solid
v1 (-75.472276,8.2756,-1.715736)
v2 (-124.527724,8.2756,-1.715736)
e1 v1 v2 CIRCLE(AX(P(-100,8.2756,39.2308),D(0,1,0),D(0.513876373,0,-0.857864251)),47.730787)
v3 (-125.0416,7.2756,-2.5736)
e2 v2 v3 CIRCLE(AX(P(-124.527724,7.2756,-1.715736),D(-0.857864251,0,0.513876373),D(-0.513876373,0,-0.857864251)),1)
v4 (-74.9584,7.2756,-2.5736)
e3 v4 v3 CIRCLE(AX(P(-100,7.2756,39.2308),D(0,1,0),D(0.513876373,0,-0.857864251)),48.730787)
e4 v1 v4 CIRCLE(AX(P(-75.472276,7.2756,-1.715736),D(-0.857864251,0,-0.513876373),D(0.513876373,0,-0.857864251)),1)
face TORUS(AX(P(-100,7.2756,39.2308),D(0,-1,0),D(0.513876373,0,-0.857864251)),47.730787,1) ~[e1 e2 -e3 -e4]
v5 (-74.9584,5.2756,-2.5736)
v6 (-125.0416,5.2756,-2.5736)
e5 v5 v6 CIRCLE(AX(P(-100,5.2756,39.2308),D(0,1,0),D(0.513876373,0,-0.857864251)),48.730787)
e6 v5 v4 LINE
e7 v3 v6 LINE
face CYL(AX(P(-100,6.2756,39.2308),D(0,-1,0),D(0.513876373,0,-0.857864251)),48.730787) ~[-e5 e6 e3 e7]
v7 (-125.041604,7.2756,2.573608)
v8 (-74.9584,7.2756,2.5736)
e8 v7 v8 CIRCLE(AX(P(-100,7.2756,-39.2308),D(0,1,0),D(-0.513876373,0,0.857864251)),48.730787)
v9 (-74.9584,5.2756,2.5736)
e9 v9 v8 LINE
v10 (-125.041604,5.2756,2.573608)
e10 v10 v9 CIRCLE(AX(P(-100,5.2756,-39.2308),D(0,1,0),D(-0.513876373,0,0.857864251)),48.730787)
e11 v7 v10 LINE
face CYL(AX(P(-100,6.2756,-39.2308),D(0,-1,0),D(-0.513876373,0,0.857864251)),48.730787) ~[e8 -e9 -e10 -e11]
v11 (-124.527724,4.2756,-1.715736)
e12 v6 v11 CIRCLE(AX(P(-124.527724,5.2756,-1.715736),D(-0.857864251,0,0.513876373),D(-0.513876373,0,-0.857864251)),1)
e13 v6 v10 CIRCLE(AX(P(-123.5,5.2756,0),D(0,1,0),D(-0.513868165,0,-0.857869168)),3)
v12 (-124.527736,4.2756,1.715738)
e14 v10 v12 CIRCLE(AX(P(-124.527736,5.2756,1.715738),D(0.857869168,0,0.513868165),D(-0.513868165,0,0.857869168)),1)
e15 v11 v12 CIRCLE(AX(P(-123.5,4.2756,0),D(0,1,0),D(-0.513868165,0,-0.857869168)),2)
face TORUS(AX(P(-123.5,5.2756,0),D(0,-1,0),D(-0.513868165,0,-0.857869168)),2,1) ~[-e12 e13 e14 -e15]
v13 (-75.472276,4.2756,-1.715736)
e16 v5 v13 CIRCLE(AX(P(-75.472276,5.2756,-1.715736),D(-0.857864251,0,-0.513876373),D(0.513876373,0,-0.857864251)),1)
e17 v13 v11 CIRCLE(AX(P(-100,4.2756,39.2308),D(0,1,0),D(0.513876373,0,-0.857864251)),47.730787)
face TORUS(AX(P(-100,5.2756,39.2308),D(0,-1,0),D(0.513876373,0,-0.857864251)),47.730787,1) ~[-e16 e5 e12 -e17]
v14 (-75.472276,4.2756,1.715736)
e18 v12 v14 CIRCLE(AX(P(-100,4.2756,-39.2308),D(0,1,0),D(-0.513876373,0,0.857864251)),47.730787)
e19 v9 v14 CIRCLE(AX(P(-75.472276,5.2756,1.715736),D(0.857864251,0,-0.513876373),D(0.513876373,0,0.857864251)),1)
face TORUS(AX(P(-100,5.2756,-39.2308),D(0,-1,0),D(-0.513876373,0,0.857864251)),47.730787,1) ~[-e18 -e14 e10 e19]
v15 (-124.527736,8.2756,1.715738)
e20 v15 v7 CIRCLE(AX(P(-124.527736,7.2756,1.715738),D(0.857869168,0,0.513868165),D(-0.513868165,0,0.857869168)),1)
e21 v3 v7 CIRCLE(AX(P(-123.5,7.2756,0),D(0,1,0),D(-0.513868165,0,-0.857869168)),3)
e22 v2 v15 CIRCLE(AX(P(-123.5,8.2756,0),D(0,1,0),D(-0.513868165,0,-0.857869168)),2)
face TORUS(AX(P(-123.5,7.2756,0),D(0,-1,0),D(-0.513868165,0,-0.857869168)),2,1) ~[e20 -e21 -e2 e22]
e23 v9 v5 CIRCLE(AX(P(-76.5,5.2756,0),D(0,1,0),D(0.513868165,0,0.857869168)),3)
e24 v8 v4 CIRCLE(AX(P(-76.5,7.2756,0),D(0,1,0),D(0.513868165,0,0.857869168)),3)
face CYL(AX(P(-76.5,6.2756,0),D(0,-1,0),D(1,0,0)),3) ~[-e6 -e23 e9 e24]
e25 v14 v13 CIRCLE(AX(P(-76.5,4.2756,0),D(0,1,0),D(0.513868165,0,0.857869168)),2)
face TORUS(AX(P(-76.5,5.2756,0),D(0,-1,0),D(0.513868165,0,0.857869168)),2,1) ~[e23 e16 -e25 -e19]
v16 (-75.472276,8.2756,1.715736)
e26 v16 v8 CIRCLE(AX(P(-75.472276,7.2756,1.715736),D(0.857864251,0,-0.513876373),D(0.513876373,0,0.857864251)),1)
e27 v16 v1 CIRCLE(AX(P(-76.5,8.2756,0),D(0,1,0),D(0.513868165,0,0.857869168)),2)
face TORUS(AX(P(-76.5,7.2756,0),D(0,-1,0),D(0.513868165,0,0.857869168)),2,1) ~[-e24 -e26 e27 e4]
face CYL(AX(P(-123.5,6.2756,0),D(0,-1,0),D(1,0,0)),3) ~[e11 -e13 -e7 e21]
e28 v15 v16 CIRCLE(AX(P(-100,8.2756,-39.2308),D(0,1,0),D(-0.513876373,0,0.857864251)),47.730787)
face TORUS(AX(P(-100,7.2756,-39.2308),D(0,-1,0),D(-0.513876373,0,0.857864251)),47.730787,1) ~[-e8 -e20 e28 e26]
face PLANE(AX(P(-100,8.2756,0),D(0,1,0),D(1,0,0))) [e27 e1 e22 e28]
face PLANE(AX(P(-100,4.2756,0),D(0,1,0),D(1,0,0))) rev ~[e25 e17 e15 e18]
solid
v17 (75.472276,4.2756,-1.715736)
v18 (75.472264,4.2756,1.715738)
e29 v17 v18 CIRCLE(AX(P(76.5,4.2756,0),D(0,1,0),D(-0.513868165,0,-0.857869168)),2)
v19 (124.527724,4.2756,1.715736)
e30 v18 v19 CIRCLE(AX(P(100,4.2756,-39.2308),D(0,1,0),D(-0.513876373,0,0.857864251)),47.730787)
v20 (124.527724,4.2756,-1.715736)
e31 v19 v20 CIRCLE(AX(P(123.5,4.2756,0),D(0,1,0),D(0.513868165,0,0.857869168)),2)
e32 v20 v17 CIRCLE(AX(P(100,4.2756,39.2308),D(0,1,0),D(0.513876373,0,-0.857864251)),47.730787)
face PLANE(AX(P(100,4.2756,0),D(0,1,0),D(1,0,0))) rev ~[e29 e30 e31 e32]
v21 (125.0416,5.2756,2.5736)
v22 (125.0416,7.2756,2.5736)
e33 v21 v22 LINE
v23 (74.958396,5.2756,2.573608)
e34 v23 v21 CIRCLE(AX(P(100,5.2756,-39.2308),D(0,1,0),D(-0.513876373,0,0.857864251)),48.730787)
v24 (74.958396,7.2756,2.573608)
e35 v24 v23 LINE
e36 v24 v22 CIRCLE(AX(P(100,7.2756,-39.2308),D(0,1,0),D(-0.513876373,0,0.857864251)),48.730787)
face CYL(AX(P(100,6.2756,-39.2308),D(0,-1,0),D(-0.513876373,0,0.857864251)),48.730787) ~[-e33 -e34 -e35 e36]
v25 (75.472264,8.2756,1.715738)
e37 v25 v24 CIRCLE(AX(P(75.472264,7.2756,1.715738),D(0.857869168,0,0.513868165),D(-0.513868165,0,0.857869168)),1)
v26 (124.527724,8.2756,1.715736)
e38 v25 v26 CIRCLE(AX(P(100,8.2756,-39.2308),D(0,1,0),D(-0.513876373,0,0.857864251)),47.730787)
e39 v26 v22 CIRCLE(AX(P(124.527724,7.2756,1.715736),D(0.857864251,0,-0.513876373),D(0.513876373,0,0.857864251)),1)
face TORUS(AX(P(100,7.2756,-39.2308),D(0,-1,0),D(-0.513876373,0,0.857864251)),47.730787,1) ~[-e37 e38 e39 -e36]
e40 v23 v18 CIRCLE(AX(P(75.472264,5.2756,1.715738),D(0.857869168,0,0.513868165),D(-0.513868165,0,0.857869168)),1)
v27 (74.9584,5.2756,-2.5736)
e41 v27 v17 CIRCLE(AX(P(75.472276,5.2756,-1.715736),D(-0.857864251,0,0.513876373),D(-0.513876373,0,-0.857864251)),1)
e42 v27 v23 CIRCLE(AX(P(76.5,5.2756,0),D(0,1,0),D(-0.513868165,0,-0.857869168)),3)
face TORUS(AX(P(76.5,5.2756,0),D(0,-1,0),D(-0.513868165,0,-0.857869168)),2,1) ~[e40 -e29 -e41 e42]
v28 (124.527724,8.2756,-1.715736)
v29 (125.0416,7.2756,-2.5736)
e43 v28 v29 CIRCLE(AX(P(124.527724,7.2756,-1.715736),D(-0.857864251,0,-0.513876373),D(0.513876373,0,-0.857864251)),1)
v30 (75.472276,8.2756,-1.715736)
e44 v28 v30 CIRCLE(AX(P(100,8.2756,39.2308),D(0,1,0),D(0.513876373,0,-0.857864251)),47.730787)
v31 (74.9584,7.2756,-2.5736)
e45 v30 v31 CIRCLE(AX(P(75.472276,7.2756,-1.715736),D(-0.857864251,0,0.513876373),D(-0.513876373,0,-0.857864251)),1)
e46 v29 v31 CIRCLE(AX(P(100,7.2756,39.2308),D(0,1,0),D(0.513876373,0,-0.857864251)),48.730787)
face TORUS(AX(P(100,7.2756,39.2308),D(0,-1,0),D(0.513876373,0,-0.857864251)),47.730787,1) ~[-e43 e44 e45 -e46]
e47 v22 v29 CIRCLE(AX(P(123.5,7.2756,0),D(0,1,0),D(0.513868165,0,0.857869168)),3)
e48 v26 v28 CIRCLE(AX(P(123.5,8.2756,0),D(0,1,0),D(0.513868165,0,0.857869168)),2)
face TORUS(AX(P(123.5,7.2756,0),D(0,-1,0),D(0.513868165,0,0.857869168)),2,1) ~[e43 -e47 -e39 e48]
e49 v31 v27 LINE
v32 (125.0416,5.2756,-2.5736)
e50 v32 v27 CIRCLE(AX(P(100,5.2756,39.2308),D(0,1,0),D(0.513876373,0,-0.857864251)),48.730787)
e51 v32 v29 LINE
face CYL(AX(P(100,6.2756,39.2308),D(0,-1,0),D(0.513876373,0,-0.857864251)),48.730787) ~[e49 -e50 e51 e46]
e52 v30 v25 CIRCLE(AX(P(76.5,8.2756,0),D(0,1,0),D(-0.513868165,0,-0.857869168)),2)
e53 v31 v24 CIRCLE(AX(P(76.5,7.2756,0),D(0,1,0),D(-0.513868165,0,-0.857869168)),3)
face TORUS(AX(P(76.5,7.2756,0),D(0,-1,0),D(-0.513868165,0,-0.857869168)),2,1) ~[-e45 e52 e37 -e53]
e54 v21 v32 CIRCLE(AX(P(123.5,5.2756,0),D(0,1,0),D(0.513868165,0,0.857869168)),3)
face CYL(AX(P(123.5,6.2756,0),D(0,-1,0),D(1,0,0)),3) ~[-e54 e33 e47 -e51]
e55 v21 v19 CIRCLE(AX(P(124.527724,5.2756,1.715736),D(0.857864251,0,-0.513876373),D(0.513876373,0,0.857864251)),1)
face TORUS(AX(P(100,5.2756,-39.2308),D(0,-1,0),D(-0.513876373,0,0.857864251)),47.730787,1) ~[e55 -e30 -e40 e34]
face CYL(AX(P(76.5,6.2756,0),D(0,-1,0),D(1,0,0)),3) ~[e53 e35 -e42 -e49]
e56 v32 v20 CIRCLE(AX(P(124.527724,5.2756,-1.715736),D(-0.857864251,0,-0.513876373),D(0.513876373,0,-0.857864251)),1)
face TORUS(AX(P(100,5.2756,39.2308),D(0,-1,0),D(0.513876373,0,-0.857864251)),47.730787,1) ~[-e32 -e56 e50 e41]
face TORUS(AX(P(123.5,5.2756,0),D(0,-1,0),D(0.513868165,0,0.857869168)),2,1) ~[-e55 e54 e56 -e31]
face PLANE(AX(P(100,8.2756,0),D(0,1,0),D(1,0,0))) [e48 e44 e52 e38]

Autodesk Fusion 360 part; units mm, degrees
sketch "ContactArea" plane through (0, 0, 0) normal (0, 0, 1) x (1, 0, 0)
  line L0 (-160, -12.5) -> (160, -12.5)
  line L1 (160, -12.5) -> (160, 12.5)
  line L2 (160, 12.5) -> (-160, 12.5)
  line L3 (-160, 12.5) -> (-160, -12.5)
  line L4 (-160, -12.5) -> (160, 12.5) construction
  line L5 (160, -12.5) -> (-160, 12.5) construction
  dimension "d4" = 25
  dimension "d5" = 320
sketch "BoardCalc" plane through (0, 0, 0) normal (1, 0, 0) x (0, 1, 0)
  line L0 (0, 0) -> (-102, 0)
  line L1 (-102, 0) -> (-102, 18)
  line L2 (-102, 18) -> (18, 18)
  line L3 (18, 18) -> (0, 0)
  line L4 (18, 18) -> (18, -102)
  line L5 (18, -102) -> (0, -102)
  line L6 (0, -102) -> (0, 0)
  line L7 (-7.4781, 12.3209) -> (-3.5183, 16.2807)
  line L8 (-0.902, 16.7756) -> (16.7756, -0.902)
  line L9 (16.2807, -3.5183) -> (12.3209, -7.4781)
  line L10 (9.7046, -7.9731) -> (-7.9731, 9.7046)
  line L11 (-5.4982, 14.3008) -> (14.3008, -5.4982) construction
  line L12 (-3.5183, 16.2807) -> (-0.902, 16.7756)
  line L13 (-7.4781, 12.3209) -> (-7.9731, 9.7046)
  line L14 (16.7756, -0.902) -> (16.2807, -3.5183)
  line L15 (12.3209, -7.4781) -> (9.7046, -7.9731)
  line L16 (7.9368, 7.9368) -> (0.8657, 0.8657) construction
  line L17 (0, 0) -> (0.8657, 0.8657) construction
  line L18 (-0.902, 16.7756) -> (-0.902, 18) construction
  line L19 (-260, 70) -> (-279.2315, 70) construction
  line L20 (-293.1122, 66.8878) -> (-286.8878, 66.8878) construction
  point P0 (-9.0337, 10.7652)
  point P1 (-1.9627, 17.8363)
  point P2 (17.8363, -1.9627)
  point P3 (10.7652, -9.0337)
  dimension "d7" = 18
  dimension "d8" = 120
  dimension "d9" = 90
  dimension "d10" = 120
  dimension "d12" = 18
  dimension "d13" = 10
  dimension "d14" = 28
  dimension "d15" = 2.2
  dimension "d16" = 1.5
  dimension "d17" = 2.2
  dimension "d18" = 1.5
  dimension "d19" = 1.5
  dimension "d20" = 2.2
  dimension "d21" = 2.2
  dimension "d22" = 1.5
  dimension "EdgeEdgeOtherSideRefYCoordinateDriven" = 19.2315
  dimension "EdgeEdgeReferenceCoordDriven" = 6.2244
  dimension "d30" = 19.2315
  dimension "d31" = 6.2244
sketch "Pin Postion" plane through (0, 0, 0) normal (0, 0, 1) x (1, 0, 0)
  circle A0 centre (100, 6.2756) radius 0.5
  line L0 (160, -12.5) -> (160, 12.5)
  line L1 (160, 12.5) -> (-160, 12.5)
  line L2 (0, -260) -> (0, -279.2315)
  line L3 (0, -293.1122) -> (0, -286.8878)
  point P0 (0, -260)
  point P1 (0, -279.2315)
  point P2 (0, -286.8878)
  point P3 (0, -293.1122)
  dimension "d32" = 1
  dimension "d36" = 60
  dimension "EdgeEdgeOtherSideRefYCoordinateDrivenProjected" = 19.2315
  dimension "EdgeEdgeRefCoordDrivenProjected" = 6.2244
  dimension "d48" = 6.2244
extrude "Extrude1" add sketch "Pin Postion" along normal blind 10 makes body 1
pattern_linear "R-Pattern1" count 2 spacing 200 along (-1, 0, 0) of bodies 1 makes body 2
sketch "Sketch1" plane through (0, 0, 0) normal (0, 0, 1) x (1, 0, 0) in component "Lamello v1"
  line L0 (31.5, -2) -> (-31.5, -2)
  line L1 (-31.5, -2) -> (-31.5, 2)
  line L2 (-31.5, 2) -> (31.5, 2)
  line L3 (31.5, 2) -> (31.5, -2)
  line L4 (31.5, -2) -> (-31.5, 2) construction
  line L5 (-31.5, -2) -> (31.5, 2) construction
  dimension "d8_1" = 4
  dimension "d9_1" = 63
extrude "Extrude1'" add sketch "Sketch1" along normal mid plane 20 separate body makes body 3 in component "Lamello v1"
sketch "Sketch2" plane through (0, 0, 0) normal (0, 1, 0) x (1, 0, 0) in component "Lamello v1"
  arc A0 (25.0416, 2.5736) -> (-25.0416, 2.5736) centre (0, -39.2308) ccw
  arc A1 (-25.0416, -2.5736) -> (25.0416, -2.5736) centre (0, 39.2308) ccw
  circle A2 centre (-23.5, 0) radius 3
  circle A3 centre (23.5, 0) radius 3
  point P0 (-26.5, 0)
  point P1 (26.5, 0)
  point P2 (0, 9.5)
  point P3 (0, -9.5)
  dimension "d12_1" = 6
  dimension "d13_1" = 6
  dimension "d14_1" = 53
  dimension "d15_1" = 19
extrude "Extrude2" add sketch "Sketch2" along normal mid plane 4 separate body makes body 4 in component "Lamello v1"
fillet "Fillet1" radius 1 8 edges at (0, 2, -9.5) (-26.5, 2, 0) (0, 2, 9.5) (26.5, 2, 0) (0, -2, -9.5) (26.5, -2, 0) (0, -2, 9.5) (-26.5, -2, 0) on bodies 4 in component "Lamello v1"
sketch "Sketch3" plane through (0, 0, 0) normal (0, 0, 1) x (1, 0, 0) in component "Lamello v1"
pattern_linear "00000000-0000-0000-0000-000000000000" [suppressed]
component "Lamello v1" placed x (1, 0, 0) y (0, 1, 0) z (0, 0, 1) at (100, 6.2756, 0)
component "Lamello v1" placed x (1, 0, 0) y (0, 1, 0) z (0, 0, 1) at (-100, 6.2756, 0)
hidden bodies 1 2 3
equation "ContactPatchHeight = 25 mm"
equation "ContactPatchWidth = 320 mm"
equation "ConnectionAngle = 90 deg" comment "Only values from 20 deg to 180 deg are valid.Otherwise it will be calculations!"
equation "d4 = ContactPatchHeight"
equation "d5 = ContactPatchWidth"
equation "NestledBoardT = 18 mm" comment "Caclucated Automatically!"
equation "d7 = NestledBoardT"
equation "d9 = ConnectionAngle"
equation "PillarBoardT = 18 mm" comment "Calculated Automatically!"
equation "d12 = PillarBoardT"
equation "EdgeEdgeReferenceCoord = EdgeEdgeRefCoordDrivenProjected"
equation "EdgeEdgeOtherSideRefYCoordinate = EdgeEdgeOtherSideRefYCoordinateDrivenProjected"
equation "d30 = EdgeEdgeOtherSideRefYCoordinateDriven"
equation "d31 = EdgeEdgeReferenceCoordDriven"
equation "X_Coord = if(Count < 1; ( ContactPatchWidth / 2 ); DistFromSide1)"
equation "Y_Coord = EdgeEdgeReferenceCoord"
equation "Shift_Y = 0 mm"
equation "d36 = X_Coord"
equation "d37 = Y_Coord + Shift_Y"
equation "DistFromSide1 = 60 mm"
equation "DistFromSide2 = 60 mm"
equation "MinDistBetween = 96 mm"
equation "MaxDistBetween = 480 mm"
equation "PlacingWidth = ContactPatchWidth - DistFromSide1 - DistFromSide2"
equation "Count = if(MinDistBetween > PlacingWidth; 0; ceil(PlacingWidth / MaxDistBetween))"
equation "Step = PlacingWidth / Count"
equation "d48 = Y_Coord + Shift_Y"
equation "d51 = Count + 1"
equation "d53 = -Step"
equation "LamelloLength = 53 mm" comment "Size20 = 56mm; Size10 = 53 mm; Size0 = 47 mm; SizeH9 = 38 mm"
equation "LamelloWidth = 19 mm" comment "Size20 = 23mm; Size10 = 19mm; Size0 = 15 mm; SizeH9 =12 mm"
equation "LamelloThickness = 4 mm" comment "Size20 = 4mm; Size10 = 4 mm; Size0 = 4 mm; SizeH9 = 3mm"
equation "Tolerance = 1 mm" comment "Recommended tolerance for cutting"
equation "GrooveLength = LamelloLength + Tolerance + 9 mm"
equation "GrooveWidth = LamelloWidth + 1 mm"
equation "GrooveThickness = LamelloThickness"
equation "d8_1 = GrooveThickness"
equation "d9_1 = GrooveLength"
equation "d10_1 = GrooveWidth"
equation "d14_1 = LamelloLength"
equation "d15_1 = LamelloWidth"
equation "d16_1 = LamelloThickness"
equation "d71 = Count + 1"
equation "d73 = Step"
properties part number "Lamello Bisquit"
